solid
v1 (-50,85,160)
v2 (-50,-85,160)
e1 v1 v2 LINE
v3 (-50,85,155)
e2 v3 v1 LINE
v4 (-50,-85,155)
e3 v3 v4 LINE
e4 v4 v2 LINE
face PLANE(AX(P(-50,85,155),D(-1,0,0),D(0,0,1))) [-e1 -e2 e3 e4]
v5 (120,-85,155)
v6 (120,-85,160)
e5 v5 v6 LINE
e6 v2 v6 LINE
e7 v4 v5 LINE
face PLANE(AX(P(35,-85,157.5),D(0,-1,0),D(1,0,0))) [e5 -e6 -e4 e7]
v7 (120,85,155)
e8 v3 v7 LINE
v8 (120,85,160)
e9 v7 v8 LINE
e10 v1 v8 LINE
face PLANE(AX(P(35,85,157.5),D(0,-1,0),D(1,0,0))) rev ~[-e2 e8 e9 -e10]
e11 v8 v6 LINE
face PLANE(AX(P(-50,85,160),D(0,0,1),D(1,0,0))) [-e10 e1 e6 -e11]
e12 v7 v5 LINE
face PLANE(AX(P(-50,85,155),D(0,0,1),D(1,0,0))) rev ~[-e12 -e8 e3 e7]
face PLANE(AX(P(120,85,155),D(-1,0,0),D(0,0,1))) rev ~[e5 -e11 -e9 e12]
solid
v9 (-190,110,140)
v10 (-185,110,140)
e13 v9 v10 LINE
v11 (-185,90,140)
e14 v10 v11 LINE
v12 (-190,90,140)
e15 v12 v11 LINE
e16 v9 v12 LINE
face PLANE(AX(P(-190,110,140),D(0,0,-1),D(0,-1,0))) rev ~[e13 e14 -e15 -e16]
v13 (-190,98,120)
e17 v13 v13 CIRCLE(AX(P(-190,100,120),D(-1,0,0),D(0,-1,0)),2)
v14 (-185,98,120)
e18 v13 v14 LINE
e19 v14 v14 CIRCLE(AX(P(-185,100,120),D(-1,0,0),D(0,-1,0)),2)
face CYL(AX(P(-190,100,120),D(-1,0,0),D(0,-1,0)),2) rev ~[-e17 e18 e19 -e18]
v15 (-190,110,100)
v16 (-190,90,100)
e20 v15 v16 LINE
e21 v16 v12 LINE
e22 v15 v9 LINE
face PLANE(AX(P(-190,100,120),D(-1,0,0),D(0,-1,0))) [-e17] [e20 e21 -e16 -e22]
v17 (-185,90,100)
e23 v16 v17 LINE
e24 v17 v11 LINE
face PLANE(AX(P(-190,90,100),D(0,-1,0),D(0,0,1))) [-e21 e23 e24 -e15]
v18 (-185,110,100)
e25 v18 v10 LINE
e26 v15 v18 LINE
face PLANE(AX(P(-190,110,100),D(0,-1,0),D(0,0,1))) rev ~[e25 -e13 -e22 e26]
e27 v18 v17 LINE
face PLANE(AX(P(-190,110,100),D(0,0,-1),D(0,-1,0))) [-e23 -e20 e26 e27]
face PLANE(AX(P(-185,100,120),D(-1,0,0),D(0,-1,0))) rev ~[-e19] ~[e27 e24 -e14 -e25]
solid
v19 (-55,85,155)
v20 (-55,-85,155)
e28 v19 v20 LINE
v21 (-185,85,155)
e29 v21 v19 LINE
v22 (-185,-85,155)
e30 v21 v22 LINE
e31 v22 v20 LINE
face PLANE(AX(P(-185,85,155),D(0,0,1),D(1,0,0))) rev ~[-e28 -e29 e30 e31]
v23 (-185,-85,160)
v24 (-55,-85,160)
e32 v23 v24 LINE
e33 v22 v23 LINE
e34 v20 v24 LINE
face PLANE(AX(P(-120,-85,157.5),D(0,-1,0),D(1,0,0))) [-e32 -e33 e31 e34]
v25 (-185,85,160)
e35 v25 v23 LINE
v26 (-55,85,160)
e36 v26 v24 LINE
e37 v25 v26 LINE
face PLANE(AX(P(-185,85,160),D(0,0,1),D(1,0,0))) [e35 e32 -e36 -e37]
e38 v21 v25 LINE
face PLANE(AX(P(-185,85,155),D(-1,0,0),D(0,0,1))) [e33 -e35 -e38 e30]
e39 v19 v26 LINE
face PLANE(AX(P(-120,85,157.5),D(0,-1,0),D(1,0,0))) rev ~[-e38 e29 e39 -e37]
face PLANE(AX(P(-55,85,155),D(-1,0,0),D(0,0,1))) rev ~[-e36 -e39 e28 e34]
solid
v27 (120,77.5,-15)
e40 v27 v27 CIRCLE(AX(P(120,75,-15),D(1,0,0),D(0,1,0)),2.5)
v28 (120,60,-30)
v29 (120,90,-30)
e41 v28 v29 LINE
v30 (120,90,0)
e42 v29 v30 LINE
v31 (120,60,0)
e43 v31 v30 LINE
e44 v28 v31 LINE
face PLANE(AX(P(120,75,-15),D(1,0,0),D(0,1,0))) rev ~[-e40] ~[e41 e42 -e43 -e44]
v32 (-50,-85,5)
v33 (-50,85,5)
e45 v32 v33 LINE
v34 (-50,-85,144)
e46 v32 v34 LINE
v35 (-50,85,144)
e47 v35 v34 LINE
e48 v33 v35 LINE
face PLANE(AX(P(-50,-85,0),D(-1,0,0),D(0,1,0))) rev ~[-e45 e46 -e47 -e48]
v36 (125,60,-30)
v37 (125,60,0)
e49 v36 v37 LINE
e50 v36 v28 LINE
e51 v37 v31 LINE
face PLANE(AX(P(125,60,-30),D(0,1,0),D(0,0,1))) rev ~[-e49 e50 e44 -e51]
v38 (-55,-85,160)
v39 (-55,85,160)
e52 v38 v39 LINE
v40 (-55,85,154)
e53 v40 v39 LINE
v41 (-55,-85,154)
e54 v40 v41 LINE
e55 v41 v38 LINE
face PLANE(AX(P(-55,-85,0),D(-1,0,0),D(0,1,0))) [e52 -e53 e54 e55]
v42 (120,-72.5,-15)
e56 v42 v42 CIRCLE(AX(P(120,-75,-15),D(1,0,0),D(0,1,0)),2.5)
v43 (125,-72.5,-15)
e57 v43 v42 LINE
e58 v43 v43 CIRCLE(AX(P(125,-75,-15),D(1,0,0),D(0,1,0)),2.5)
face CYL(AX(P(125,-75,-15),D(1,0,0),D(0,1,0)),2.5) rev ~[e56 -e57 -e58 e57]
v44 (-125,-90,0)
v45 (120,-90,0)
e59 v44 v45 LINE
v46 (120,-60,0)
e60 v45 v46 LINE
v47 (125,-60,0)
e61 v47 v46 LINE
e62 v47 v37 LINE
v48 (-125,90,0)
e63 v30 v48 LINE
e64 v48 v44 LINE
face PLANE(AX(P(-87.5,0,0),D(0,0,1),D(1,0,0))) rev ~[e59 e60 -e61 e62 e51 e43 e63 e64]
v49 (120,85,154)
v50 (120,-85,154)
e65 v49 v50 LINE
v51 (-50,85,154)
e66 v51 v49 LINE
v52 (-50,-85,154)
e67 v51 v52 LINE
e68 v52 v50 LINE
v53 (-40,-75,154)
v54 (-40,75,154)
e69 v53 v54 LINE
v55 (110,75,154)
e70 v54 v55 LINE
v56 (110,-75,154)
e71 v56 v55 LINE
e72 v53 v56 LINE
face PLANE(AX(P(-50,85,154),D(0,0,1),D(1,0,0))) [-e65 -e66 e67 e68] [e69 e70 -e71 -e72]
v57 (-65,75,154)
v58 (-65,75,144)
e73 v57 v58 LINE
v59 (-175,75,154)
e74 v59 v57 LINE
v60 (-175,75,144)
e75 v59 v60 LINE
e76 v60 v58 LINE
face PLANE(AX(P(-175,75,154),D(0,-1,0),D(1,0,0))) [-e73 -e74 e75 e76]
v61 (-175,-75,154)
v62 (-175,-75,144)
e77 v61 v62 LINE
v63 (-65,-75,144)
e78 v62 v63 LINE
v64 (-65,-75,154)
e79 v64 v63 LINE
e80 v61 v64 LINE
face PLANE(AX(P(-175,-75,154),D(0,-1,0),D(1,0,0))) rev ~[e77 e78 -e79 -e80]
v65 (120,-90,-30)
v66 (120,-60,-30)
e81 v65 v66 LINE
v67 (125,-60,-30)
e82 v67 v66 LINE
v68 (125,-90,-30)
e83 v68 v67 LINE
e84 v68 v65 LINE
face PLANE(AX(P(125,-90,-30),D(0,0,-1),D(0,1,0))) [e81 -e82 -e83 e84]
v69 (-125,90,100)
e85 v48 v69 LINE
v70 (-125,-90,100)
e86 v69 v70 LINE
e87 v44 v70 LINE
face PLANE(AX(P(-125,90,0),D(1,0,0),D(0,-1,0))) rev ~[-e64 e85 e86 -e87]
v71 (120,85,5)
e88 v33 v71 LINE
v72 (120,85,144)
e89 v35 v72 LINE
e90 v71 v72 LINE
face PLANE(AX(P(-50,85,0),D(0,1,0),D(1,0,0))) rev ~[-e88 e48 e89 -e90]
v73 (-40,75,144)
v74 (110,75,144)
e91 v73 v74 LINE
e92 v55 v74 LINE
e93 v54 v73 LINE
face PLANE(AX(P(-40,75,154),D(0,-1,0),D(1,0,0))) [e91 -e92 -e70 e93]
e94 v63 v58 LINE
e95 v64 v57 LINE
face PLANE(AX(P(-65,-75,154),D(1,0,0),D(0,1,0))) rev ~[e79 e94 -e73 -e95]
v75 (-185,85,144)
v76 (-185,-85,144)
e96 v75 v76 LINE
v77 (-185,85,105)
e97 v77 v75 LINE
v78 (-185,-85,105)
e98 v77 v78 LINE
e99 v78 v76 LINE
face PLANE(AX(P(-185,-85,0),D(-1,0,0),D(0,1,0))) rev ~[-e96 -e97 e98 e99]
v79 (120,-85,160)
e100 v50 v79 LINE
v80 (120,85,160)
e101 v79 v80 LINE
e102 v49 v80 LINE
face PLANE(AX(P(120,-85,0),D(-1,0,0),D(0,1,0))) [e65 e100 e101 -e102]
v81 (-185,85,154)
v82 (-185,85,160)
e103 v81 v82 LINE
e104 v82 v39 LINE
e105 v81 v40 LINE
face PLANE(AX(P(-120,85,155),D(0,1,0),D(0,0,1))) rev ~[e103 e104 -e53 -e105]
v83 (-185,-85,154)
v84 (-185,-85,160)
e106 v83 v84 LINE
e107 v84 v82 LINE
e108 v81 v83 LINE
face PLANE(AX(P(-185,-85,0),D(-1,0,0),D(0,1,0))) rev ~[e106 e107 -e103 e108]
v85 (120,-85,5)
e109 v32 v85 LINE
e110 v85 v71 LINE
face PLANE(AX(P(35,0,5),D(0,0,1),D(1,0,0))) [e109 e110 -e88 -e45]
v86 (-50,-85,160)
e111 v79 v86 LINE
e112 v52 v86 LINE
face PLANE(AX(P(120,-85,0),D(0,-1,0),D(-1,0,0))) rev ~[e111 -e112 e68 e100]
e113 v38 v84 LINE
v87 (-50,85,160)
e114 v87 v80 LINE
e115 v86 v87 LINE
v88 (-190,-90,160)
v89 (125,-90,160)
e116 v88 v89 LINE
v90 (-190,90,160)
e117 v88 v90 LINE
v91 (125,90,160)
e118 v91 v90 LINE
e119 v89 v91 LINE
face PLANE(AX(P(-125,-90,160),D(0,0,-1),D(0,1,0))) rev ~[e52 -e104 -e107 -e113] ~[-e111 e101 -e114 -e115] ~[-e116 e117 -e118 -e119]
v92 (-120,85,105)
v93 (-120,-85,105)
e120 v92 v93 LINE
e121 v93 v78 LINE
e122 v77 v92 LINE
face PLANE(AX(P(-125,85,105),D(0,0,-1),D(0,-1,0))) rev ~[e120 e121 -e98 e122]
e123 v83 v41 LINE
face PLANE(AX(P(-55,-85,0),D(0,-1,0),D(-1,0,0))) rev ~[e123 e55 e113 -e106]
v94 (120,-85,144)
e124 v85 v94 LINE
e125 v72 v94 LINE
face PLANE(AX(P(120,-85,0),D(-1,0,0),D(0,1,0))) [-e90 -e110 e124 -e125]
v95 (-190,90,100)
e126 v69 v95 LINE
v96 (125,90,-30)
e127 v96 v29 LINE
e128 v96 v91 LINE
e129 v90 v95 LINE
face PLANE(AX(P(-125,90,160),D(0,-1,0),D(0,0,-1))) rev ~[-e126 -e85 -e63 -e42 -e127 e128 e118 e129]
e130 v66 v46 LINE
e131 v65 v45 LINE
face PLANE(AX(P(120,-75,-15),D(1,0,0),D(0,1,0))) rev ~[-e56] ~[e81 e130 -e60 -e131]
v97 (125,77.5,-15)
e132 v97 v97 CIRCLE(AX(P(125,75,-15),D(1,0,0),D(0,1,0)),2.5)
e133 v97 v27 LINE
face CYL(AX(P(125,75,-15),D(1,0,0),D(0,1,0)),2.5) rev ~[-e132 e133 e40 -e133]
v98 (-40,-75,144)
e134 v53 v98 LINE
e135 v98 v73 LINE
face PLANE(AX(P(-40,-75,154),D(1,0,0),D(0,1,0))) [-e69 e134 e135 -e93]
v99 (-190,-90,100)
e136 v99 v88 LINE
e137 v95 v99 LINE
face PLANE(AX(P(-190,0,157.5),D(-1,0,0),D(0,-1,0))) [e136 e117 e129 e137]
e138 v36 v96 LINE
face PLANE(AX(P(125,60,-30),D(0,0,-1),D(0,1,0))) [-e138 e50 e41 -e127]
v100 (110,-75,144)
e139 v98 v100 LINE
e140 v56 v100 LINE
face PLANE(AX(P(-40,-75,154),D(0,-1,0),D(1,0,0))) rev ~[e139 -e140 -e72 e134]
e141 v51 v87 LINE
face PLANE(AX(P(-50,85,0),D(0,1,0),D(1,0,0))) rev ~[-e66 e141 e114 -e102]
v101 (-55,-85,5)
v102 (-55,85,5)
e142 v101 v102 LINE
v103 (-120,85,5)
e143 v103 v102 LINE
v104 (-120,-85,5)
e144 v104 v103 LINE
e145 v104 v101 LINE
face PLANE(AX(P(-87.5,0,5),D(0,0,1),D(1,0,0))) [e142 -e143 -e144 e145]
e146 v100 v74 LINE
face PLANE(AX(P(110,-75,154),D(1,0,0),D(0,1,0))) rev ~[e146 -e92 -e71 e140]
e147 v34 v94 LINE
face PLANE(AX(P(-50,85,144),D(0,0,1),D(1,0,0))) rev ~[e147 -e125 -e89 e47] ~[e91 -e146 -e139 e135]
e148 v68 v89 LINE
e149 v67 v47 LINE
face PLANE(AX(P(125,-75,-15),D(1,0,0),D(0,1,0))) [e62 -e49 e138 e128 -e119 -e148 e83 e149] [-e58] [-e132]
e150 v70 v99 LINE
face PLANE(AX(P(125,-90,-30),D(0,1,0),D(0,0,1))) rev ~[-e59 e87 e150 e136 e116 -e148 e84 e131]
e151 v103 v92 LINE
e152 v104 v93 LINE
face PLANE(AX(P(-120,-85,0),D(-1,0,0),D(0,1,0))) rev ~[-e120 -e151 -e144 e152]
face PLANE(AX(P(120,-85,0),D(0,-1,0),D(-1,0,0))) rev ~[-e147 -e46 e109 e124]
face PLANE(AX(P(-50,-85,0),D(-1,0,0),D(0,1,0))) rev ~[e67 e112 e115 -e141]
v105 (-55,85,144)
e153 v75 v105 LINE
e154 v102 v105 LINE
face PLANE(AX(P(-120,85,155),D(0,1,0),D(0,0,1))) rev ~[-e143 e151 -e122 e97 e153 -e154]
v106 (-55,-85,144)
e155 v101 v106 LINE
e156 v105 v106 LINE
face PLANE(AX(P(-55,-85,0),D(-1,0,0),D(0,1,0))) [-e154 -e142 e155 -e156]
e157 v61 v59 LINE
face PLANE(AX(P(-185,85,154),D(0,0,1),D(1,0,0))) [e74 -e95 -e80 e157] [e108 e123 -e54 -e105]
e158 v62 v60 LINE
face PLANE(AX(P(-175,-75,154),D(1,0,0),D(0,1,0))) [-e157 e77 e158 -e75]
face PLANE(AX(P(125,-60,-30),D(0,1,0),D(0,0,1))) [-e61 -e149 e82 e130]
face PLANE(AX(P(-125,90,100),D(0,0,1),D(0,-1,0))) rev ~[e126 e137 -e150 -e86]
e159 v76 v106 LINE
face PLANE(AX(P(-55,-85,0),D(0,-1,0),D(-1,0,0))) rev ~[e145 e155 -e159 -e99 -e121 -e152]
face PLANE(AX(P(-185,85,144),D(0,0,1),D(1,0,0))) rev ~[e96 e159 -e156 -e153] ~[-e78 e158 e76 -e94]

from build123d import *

# Parameters (mm, degrees)
F0_W      = 5
F0_H      = 5
F0_H_2    = 170
F1_DEPTH  = 160
F0_W_2    = 65
F0_W_3    = 170
F2_DEPTH  = 5
F3_W      = 5
F3_H      = 50
F3_W_2    = 170
F4_DEPTH  = 65
F5_DEPTH  = 60
F6_DEPTH  = 6
F7_DEPTH  = 65
F8_W      = 20
F8_H      = 40
F8_R      = 2
F9_DEPTH  = 5
F10_W     = 30
F10_H     = 30
F10_R     = 2.5
F11_DEPTH = 5
F12_W     = 170
F12_H     = 10
F13_DEPTH = 170
F14_W     = 150
F14_H     = 150
F15_DEPTH = 11
F16_W     = 130
F16_H     = 10
F17_DEPTH = 170
F18_W     = 110
F18_H     = 150
F19_DEPTH = 11
F20_W     = 170
F20_H     = 5
F21_DEPTH = 170
F22_W     = 130
F22_H     = 5
F23_DEPTH = 170


with BuildPart() as f1:
    # F0 (on Top) → F1 (new body)
    with BuildSketch(Plane.XY):
        Polygon((-50, -90), (125, -90), (125, -85), (120, -85), (-50, -85), align=None)
        with Locations((-52.5, -87.5)):
            Rectangle(F0_W, F0_H)
        with Locations((122.5, 0)):
            Rectangle(F0_W, F0_H_2)
        Polygon((-125, -90), (-55, -90), (-55, -85), (-120, -85), (-125, -85), align=None)
        Polygon((120, 85), (125, 85), (125, 90), (-50, 90), (-50, 85), align=None)
        with Locations((-52.5, 87.5)):
            Rectangle(F0_W, F0_H)
        with Locations((-122.5, 0)):
            Rectangle(F0_W, F0_H_2)
        Polygon((-120, 85), (-55, 85), (-55, 90), (-125, 90), (-125, 85), align=None)
        with Locations((-52.5, 0)):
            Rectangle(F0_W, F0_H_2)
    extrude(amount=F1_DEPTH)

    # F0 (on Top) → F2 (join)
    with BuildSketch(Plane.XY):
        with Locations((-87.5, 0)):
            Rectangle(F0_W_2, F0_H_2)
        with Locations((35, 0)):
            Rectangle(F0_W_3, F0_H_2)
    extrude(amount=F2_DEPTH)

    # F3 (on face) → F4 (join)
    with BuildSketch(Plane(origin=(-125, 0, 0), x_dir=(0, -1, 0), z_dir=(-1, 0, 0))):
        Polygon((90, 160), (-90, 160), (-90, 155), (-85, 155), (85, 155), (90, 155), align=None)
        with Locations((-87.5, 130)):
            Rectangle(F3_W, F3_H)
        with Locations((87.5, 130)):
            Rectangle(F3_W, F3_H)
        Polygon((-85, 105), (-90, 105), (-90, 100), (90, 100), (90, 105), (85, 105), align=None)
        with Locations((0, 130)):
            Rectangle(F3_W_2, F3_H)
    extrude(amount=F4_DEPTH)

    # F3 (on face) → F5 (cut)
    with BuildSketch(Plane(origin=(-125, 0, 0), x_dir=(0, -1, 0), z_dir=(-1, 0, 0))):
        with Locations((0, 130)):
            Rectangle(F3_W_2, F3_H)
    extrude(amount=F5_DEPTH, mode=Mode.SUBTRACT)

    # F3 (on face) → F6 (cut)
    with BuildSketch(Plane(origin=(-125, 0, 0), x_dir=(0, -1, 0), z_dir=(-1, 0, 0))):
        with Locations((0, 130)):
            Rectangle(F3_W_2, F3_H)
    extrude(amount=-F6_DEPTH, mode=Mode.SUBTRACT)

    # F7 (cut): a face of the model
    f7_faces = [f1.faces().sort_by_distance(p)[0] for p in [
        (-120, 0, 157.5),
    ]]
    extrude(f7_faces, amount=-F7_DEPTH, mode=Mode.SUBTRACT)

    # F10 (on face) → F11 (join)
    with BuildSketch(Plane.YZ.offset(125)):
        with Locations((-75, -15)):
            Rectangle(F10_W, F10_H)
        with Locations((-75, -15)):
            Circle(F10_R, mode=Mode.SUBTRACT)
        with Locations((75, -15)):
            Rectangle(F10_W, F10_H)
        with Locations((75, -15)):
            Circle(F10_R, mode=Mode.SUBTRACT)
    extrude(amount=-F11_DEPTH)

    # F12 (on face) → F13 (join)
    with BuildSketch(Plane.XZ.offset(-85)):
        with Locations((35, 149)):
            Rectangle(F12_W, F12_H)
    extrude(amount=F13_DEPTH)

    # F14 (on face) → F15 (cut)
    with BuildSketch(Plane.XY.offset(154)):
        with Locations((35, 0)):
            Rectangle(F14_W, F14_H)
    extrude(amount=-F15_DEPTH, mode=Mode.SUBTRACT)

    # F16 (on face) → F17 (join)
    with BuildSketch(Plane.XZ.offset(-85)):
        with Locations((-120, 149)):
            Rectangle(F16_W, F16_H)
    extrude(amount=F17_DEPTH)

    # F18 (on face) → F19 (cut)
    with BuildSketch(Plane.XY.offset(154)):
        with Locations((-120, 0)):
            Rectangle(F18_W, F18_H)
    extrude(amount=-F19_DEPTH, mode=Mode.SUBTRACT)


with BuildPart() as f9:
    # F8 (on face) → F9 (new body)
    with BuildSketch(Plane(origin=(-190, 0, 0), x_dir=(0, -1, 0), z_dir=(-1, 0, 0))):
        with Locations((-100, 120)):
            Rectangle(F8_W, F8_H)
        with Locations((-100, 120)):
            Circle(F8_R, mode=Mode.SUBTRACT)
    extrude(amount=-F9_DEPTH)


with BuildPart() as f21:
    # F20 (on face) → F21 (new body)
    with BuildSketch(Plane.XZ.offset(-85)):
        with Locations((35, 157.5)):
            Rectangle(F20_W, F20_H)
    extrude(amount=F21_DEPTH)


with BuildPart() as f23:
    # F22 (on face) → F23 (new body)
    with BuildSketch(Plane.XZ.offset(-85)):
        with Locations((-120, 157.5)):
            Rectangle(F22_W, F22_H)
    extrude(amount=F23_DEPTH)


solid = Compound([f1.part, f9.part, f21.part, f23.part])
